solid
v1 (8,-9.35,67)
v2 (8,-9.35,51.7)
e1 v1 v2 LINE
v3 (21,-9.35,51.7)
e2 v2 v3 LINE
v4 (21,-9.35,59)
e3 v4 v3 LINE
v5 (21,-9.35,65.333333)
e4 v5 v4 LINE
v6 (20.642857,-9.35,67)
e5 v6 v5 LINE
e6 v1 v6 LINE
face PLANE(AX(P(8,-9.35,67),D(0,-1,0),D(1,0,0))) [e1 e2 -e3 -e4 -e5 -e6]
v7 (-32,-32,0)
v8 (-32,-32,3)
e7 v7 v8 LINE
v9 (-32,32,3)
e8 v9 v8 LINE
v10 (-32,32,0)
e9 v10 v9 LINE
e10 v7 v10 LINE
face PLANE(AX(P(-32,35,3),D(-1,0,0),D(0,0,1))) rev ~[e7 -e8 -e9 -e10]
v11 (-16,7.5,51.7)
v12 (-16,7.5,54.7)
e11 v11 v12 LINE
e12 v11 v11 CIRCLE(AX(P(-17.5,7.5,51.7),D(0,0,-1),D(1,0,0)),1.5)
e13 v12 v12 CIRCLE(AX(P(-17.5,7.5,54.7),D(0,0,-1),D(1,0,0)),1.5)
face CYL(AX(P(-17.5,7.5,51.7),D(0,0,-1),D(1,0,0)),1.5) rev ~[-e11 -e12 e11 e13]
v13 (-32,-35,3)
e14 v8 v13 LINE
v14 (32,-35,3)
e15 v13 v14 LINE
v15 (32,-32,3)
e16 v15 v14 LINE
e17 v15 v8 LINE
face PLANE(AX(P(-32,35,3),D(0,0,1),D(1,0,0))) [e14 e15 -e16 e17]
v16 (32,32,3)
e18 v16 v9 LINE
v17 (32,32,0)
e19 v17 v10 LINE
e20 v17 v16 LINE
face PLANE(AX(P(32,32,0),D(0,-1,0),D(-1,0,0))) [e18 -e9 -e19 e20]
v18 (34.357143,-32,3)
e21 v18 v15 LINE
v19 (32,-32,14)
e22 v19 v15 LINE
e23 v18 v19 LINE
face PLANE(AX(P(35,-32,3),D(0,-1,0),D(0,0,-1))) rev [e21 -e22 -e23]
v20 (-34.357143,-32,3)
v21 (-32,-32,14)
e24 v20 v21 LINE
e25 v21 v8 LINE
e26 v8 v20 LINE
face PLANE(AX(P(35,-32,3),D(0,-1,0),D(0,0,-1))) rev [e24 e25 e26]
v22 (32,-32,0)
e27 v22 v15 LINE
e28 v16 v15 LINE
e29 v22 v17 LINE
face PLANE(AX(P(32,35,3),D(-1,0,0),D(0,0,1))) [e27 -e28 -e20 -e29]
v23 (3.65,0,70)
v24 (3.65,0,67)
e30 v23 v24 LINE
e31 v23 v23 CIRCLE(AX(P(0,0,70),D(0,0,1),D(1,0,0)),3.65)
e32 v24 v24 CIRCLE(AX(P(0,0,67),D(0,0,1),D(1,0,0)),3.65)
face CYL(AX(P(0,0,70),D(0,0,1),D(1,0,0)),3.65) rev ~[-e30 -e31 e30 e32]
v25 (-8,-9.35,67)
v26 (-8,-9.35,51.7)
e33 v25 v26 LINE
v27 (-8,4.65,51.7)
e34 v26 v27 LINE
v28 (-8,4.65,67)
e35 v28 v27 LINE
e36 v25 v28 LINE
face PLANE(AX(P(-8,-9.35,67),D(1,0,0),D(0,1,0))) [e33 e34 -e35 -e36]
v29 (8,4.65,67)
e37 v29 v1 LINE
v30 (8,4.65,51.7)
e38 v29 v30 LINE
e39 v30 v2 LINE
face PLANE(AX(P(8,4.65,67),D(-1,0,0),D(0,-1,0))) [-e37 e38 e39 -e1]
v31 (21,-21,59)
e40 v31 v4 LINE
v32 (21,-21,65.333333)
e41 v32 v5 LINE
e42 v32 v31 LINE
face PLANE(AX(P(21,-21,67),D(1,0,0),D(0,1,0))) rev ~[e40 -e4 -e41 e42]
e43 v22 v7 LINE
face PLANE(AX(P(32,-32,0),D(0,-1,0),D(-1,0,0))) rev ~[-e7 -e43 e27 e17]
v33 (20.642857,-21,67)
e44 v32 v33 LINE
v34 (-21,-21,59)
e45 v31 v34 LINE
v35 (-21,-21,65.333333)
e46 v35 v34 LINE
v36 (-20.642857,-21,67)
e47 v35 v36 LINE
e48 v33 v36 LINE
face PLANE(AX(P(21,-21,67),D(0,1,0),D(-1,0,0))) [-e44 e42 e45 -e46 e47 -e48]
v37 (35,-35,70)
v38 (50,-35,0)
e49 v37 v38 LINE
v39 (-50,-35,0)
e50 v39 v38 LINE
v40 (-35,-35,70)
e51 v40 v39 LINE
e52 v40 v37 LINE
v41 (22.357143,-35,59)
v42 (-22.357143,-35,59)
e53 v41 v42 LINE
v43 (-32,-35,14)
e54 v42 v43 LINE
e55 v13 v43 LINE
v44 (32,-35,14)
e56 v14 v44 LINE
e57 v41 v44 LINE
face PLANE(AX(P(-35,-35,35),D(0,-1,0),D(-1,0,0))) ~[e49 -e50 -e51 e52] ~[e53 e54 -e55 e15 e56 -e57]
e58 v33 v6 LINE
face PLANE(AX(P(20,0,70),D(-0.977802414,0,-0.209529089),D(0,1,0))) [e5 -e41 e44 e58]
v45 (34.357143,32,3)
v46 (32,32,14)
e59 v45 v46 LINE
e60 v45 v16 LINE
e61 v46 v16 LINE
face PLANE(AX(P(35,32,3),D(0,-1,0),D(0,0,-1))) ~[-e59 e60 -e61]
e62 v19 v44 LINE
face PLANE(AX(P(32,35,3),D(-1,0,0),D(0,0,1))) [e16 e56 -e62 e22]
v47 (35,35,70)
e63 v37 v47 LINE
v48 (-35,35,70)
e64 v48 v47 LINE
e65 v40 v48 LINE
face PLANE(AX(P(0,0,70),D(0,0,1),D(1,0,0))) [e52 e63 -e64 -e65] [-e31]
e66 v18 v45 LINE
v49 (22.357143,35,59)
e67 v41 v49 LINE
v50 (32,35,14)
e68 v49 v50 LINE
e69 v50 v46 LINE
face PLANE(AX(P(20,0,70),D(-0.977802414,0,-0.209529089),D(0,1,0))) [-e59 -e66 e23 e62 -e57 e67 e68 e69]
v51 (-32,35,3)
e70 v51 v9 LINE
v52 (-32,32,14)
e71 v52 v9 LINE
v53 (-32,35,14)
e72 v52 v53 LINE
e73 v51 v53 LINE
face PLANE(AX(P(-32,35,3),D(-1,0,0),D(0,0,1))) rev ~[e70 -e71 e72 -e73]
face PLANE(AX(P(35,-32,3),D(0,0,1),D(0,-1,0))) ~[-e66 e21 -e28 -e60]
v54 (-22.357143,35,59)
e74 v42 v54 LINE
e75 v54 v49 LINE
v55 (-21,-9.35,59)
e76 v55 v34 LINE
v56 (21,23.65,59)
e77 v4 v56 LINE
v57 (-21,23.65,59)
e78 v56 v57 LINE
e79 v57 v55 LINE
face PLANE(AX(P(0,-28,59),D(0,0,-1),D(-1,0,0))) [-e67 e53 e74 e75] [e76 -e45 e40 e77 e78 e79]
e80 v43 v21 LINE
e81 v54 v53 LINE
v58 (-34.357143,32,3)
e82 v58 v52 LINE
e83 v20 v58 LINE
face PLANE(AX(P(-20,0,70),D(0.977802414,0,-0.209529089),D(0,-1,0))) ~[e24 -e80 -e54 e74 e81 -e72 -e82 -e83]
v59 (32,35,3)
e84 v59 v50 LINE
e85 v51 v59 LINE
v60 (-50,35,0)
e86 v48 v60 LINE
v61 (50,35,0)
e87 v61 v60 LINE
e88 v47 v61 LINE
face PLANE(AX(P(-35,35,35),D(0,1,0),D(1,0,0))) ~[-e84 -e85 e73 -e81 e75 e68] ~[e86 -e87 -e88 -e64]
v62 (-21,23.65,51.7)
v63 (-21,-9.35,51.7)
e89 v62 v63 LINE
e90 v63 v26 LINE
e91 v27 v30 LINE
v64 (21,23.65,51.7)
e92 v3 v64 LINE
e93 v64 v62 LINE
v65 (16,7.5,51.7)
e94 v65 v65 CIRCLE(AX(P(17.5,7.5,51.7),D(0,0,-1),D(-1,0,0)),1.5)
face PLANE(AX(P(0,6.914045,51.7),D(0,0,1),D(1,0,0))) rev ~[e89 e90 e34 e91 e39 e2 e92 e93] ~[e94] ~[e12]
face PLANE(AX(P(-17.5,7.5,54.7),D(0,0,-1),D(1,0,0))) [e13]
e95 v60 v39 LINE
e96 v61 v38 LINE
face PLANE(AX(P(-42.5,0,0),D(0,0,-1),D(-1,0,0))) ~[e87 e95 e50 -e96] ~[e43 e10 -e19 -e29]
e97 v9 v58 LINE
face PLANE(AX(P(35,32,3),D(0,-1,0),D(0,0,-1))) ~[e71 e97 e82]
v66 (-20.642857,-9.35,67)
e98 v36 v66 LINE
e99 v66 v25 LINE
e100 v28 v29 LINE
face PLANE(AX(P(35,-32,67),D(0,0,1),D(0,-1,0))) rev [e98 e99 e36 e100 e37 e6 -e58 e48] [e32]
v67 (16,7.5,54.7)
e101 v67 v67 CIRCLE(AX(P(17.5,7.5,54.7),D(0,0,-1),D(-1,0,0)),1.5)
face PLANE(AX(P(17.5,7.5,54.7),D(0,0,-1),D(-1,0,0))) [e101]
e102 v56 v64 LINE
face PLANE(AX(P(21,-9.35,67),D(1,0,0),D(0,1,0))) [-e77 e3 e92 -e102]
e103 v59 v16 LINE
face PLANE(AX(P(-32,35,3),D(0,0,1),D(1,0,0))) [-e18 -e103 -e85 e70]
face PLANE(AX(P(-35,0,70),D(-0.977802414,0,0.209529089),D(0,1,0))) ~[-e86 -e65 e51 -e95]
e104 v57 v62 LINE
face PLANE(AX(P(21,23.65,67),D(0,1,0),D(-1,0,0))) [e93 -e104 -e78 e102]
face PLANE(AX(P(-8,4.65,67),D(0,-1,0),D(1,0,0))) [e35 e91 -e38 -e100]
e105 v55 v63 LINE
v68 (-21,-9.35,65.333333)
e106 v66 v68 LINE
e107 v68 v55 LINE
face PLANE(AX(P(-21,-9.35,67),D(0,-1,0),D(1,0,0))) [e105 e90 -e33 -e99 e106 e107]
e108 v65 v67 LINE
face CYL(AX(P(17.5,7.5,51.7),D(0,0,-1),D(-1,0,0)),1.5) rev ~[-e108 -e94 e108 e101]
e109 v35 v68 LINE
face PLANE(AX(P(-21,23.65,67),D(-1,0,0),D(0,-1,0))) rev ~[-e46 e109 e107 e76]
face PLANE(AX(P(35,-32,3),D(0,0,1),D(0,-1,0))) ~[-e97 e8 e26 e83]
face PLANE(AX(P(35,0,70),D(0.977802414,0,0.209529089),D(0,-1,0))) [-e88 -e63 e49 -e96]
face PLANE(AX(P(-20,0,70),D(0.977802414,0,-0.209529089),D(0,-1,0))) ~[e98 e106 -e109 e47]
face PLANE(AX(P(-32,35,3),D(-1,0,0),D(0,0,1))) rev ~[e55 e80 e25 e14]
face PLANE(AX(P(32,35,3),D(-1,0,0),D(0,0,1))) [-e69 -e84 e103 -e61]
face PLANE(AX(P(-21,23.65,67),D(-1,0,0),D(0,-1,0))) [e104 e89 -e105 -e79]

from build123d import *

# Parameters (mm, degrees)
SCHIZZO1_W                   = 70
SCHIZZO1_H                   = 70
ESTRUSIONE_ESTRUSIONE1_DEPTH = 70
SCHIZZO3_W                   = 64
SCHIZZO3_H                   = 64
TAGLIO_ESTRUSIONE2_DEPTH     = 67
TAGLIO_ESTRUSIONE1_REACH     = 87.732
SCHIZZO2_R                   = 3.65
TAGLIO_ESTRUSIONE3_START     = -70
SCHIZZO4_W                   = 64
SCHIZZO4_H                   = 64
TAGLIO_ESTRUSIONE3_DEPTH     = 70
SPECCHIA2_START              = -70
SPECCHIA2_COPY_1_SKETCH_W    = 64
SPECCHIA2_COPY_1_SKETCH_H    = 64
SPECCHIA2_COPY_1_DEPTH       = 70
ESTRUSIONE_ESTRUSIONE2_DEPTH = 15.3
SCHIZZO6_R                   = 1.5
TAGLIO_ESTRUSIONE4_DEPTH     = 3
SCHIZZO7_W                   = 42
SCHIZZO7_H                   = 14
SCHIZZO7_H_2                 = 11.35
ESTRUSIONE_ESTRUSIONE3_DEPTH = 8
SCHIZZO8_W                   = 15
SCHIZZO8_H                   = 70


with BuildPart() as part:
    # Schizzo1 → Estrusione-Estrusione1 (new body)
    with BuildSketch(Plane.XY):
        Rectangle(SCHIZZO1_W, SCHIZZO1_H)
    extrude(amount=ESTRUSIONE_ESTRUSIONE1_DEPTH)

    # Schizzo3 → Taglio-Estrusione2 (cut)
    with BuildSketch(Plane(origin=(0, 0, 0), x_dir=(-1, 0, 0), z_dir=(0, 0, -1))):
        Rectangle(SCHIZZO3_W, SCHIZZO3_H)
    extrude(amount=-TAGLIO_ESTRUSIONE2_DEPTH, mode=Mode.SUBTRACT)

    # Schizzo2 → Taglio-Estrusione1 (cut, up to next)
    with BuildSketch(Plane.XY.offset(70), mode=Mode.PRIVATE) as taglio_estrusione1_sk1:
        Circle(SCHIZZO2_R)
    taglio_estrusione1_tool1 = extrude(taglio_estrusione1_sk1.sketch, amount=-TAGLIO_ESTRUSIONE1_REACH, mode=Mode.PRIVATE) & part.part
    add(taglio_estrusione1_tool1.solids().sort_by_distance((0, 0, 70))[0], mode=Mode.SUBTRACT)

    # Schizzo4 → Taglio-Estrusione3 (cut)
    with BuildSketch(Plane.XZ.offset(35).offset(TAGLIO_ESTRUSIONE3_START)):
        with Locations((0, 35)):
            Rectangle(SCHIZZO4_W, SCHIZZO4_H)
    taglio_estrusione3 = extrude(amount=TAGLIO_ESTRUSIONE3_DEPTH, mode=Mode.SUBTRACT)

    # Specchia1: Taglio-Estrusione3 across plane
    add(taglio_estrusione3.mirror(Plane(origin=(0, 0, 0), x_dir=(0, 0, 1), z_dir=(-0.7071067811865476, 0.7071067811865475, 0))), mode=Mode.SUBTRACT)

    # Specchia2: Taglio-Estrusione3 across plane
    add(taglio_estrusione3.mirror(Plane(origin=(0, 0, 0), x_dir=(0, 0, 1), z_dir=(-0.7071067811865476, 0.7071067811865475, 0))), mode=Mode.SUBTRACT)

    # Specchia2 copy 1 sketch → Specchia2 copy 1 (cut)
    with BuildSketch(Plane.XZ.offset(35).offset(SPECCHIA2_START)):
        with Locations((0, 35)):
            Rectangle(SPECCHIA2_COPY_1_SKETCH_W, SPECCHIA2_COPY_1_SKETCH_H)
    extrude(amount=SPECCHIA2_COPY_1_DEPTH, mode=Mode.SUBTRACT)

    # Schizzo5 → Estrusione-Estrusione2 (add)
    with BuildSketch(Plane(origin=(0, 0, 67), x_dir=(-1, 0, 0), z_dir=(0, 0, -1))):
        Polygon((-21, 23.65), (21, 23.65), (21, -9.35), (8, -9.35), (8, 4.65), (-8, 4.65), (-8, -9.35), (-21, -9.35), align=None)
    extrude(amount=ESTRUSIONE_ESTRUSIONE2_DEPTH)

    # Schizzo6 → Taglio-Estrusione4 (cut)
    with BuildSketch(Plane(origin=(0, 0, 51.7), x_dir=(-1, 0, 0), z_dir=(0, 0, -1))):
        with Locations((-17.5, 7.5)):
            Circle(SCHIZZO6_R)
        with Locations(Location((17.5, 7.5, 0), (0, 0, 180))):
            Circle(SCHIZZO6_R)
    extrude(amount=-TAGLIO_ESTRUSIONE4_DEPTH, mode=Mode.SUBTRACT)

    # Schizzo7 → Estrusione-Estrusione3 (add)
    with BuildSketch(Plane(origin=(0, 0, 67), x_dir=(-1, 0, 0), z_dir=(0, 0, -1))):
        with Locations((0, -28)):
            Rectangle(SCHIZZO7_W, SCHIZZO7_H)
        Polygon((32, 32), (32, 35), (21, 35), (21, 23.65), (21, -9.35), (21, -21), (21, -35), (32, -35), (32, -32), (35, -32), (35, 32), align=None)
        with Locations((0, 29.325)):
            Rectangle(SCHIZZO7_W, SCHIZZO7_H_2)
        Polygon((-21, 23.65), (-21, 35), (-32, 35), (-32, 32), (-35, 32), (-35, -32), (-32, -32), (-32, -35), (-21, -35), (-21, -21), (-21, -9.35), align=None)
    extrude(amount=ESTRUSIONE_ESTRUSIONE3_DEPTH)

    # Sweep1: sweep along a path in Schizzo9
    with BuildLine(Plane.XZ.offset(35)) as sweep1_path:
        Line((35, 70), (50, 0))
    # Schizzo8 → Sweep1 (sweep)
    with BuildSketch(Plane(origin=(0, 0, 0), x_dir=(-1, 0, 0), z_dir=(0, 0, -1))):
        with Locations((-42.5, 0)):
            Rectangle(SCHIZZO8_W, SCHIZZO8_H)
    sweep1 = sweep(path=sweep1_path.line)

    # Specchia4: Sweep1 across plane
    add(sweep1.mirror(Plane(origin=(0, 0, 0), x_dir=(0, 0, 1), z_dir=(1, 0, 0))))


solid = part.part
